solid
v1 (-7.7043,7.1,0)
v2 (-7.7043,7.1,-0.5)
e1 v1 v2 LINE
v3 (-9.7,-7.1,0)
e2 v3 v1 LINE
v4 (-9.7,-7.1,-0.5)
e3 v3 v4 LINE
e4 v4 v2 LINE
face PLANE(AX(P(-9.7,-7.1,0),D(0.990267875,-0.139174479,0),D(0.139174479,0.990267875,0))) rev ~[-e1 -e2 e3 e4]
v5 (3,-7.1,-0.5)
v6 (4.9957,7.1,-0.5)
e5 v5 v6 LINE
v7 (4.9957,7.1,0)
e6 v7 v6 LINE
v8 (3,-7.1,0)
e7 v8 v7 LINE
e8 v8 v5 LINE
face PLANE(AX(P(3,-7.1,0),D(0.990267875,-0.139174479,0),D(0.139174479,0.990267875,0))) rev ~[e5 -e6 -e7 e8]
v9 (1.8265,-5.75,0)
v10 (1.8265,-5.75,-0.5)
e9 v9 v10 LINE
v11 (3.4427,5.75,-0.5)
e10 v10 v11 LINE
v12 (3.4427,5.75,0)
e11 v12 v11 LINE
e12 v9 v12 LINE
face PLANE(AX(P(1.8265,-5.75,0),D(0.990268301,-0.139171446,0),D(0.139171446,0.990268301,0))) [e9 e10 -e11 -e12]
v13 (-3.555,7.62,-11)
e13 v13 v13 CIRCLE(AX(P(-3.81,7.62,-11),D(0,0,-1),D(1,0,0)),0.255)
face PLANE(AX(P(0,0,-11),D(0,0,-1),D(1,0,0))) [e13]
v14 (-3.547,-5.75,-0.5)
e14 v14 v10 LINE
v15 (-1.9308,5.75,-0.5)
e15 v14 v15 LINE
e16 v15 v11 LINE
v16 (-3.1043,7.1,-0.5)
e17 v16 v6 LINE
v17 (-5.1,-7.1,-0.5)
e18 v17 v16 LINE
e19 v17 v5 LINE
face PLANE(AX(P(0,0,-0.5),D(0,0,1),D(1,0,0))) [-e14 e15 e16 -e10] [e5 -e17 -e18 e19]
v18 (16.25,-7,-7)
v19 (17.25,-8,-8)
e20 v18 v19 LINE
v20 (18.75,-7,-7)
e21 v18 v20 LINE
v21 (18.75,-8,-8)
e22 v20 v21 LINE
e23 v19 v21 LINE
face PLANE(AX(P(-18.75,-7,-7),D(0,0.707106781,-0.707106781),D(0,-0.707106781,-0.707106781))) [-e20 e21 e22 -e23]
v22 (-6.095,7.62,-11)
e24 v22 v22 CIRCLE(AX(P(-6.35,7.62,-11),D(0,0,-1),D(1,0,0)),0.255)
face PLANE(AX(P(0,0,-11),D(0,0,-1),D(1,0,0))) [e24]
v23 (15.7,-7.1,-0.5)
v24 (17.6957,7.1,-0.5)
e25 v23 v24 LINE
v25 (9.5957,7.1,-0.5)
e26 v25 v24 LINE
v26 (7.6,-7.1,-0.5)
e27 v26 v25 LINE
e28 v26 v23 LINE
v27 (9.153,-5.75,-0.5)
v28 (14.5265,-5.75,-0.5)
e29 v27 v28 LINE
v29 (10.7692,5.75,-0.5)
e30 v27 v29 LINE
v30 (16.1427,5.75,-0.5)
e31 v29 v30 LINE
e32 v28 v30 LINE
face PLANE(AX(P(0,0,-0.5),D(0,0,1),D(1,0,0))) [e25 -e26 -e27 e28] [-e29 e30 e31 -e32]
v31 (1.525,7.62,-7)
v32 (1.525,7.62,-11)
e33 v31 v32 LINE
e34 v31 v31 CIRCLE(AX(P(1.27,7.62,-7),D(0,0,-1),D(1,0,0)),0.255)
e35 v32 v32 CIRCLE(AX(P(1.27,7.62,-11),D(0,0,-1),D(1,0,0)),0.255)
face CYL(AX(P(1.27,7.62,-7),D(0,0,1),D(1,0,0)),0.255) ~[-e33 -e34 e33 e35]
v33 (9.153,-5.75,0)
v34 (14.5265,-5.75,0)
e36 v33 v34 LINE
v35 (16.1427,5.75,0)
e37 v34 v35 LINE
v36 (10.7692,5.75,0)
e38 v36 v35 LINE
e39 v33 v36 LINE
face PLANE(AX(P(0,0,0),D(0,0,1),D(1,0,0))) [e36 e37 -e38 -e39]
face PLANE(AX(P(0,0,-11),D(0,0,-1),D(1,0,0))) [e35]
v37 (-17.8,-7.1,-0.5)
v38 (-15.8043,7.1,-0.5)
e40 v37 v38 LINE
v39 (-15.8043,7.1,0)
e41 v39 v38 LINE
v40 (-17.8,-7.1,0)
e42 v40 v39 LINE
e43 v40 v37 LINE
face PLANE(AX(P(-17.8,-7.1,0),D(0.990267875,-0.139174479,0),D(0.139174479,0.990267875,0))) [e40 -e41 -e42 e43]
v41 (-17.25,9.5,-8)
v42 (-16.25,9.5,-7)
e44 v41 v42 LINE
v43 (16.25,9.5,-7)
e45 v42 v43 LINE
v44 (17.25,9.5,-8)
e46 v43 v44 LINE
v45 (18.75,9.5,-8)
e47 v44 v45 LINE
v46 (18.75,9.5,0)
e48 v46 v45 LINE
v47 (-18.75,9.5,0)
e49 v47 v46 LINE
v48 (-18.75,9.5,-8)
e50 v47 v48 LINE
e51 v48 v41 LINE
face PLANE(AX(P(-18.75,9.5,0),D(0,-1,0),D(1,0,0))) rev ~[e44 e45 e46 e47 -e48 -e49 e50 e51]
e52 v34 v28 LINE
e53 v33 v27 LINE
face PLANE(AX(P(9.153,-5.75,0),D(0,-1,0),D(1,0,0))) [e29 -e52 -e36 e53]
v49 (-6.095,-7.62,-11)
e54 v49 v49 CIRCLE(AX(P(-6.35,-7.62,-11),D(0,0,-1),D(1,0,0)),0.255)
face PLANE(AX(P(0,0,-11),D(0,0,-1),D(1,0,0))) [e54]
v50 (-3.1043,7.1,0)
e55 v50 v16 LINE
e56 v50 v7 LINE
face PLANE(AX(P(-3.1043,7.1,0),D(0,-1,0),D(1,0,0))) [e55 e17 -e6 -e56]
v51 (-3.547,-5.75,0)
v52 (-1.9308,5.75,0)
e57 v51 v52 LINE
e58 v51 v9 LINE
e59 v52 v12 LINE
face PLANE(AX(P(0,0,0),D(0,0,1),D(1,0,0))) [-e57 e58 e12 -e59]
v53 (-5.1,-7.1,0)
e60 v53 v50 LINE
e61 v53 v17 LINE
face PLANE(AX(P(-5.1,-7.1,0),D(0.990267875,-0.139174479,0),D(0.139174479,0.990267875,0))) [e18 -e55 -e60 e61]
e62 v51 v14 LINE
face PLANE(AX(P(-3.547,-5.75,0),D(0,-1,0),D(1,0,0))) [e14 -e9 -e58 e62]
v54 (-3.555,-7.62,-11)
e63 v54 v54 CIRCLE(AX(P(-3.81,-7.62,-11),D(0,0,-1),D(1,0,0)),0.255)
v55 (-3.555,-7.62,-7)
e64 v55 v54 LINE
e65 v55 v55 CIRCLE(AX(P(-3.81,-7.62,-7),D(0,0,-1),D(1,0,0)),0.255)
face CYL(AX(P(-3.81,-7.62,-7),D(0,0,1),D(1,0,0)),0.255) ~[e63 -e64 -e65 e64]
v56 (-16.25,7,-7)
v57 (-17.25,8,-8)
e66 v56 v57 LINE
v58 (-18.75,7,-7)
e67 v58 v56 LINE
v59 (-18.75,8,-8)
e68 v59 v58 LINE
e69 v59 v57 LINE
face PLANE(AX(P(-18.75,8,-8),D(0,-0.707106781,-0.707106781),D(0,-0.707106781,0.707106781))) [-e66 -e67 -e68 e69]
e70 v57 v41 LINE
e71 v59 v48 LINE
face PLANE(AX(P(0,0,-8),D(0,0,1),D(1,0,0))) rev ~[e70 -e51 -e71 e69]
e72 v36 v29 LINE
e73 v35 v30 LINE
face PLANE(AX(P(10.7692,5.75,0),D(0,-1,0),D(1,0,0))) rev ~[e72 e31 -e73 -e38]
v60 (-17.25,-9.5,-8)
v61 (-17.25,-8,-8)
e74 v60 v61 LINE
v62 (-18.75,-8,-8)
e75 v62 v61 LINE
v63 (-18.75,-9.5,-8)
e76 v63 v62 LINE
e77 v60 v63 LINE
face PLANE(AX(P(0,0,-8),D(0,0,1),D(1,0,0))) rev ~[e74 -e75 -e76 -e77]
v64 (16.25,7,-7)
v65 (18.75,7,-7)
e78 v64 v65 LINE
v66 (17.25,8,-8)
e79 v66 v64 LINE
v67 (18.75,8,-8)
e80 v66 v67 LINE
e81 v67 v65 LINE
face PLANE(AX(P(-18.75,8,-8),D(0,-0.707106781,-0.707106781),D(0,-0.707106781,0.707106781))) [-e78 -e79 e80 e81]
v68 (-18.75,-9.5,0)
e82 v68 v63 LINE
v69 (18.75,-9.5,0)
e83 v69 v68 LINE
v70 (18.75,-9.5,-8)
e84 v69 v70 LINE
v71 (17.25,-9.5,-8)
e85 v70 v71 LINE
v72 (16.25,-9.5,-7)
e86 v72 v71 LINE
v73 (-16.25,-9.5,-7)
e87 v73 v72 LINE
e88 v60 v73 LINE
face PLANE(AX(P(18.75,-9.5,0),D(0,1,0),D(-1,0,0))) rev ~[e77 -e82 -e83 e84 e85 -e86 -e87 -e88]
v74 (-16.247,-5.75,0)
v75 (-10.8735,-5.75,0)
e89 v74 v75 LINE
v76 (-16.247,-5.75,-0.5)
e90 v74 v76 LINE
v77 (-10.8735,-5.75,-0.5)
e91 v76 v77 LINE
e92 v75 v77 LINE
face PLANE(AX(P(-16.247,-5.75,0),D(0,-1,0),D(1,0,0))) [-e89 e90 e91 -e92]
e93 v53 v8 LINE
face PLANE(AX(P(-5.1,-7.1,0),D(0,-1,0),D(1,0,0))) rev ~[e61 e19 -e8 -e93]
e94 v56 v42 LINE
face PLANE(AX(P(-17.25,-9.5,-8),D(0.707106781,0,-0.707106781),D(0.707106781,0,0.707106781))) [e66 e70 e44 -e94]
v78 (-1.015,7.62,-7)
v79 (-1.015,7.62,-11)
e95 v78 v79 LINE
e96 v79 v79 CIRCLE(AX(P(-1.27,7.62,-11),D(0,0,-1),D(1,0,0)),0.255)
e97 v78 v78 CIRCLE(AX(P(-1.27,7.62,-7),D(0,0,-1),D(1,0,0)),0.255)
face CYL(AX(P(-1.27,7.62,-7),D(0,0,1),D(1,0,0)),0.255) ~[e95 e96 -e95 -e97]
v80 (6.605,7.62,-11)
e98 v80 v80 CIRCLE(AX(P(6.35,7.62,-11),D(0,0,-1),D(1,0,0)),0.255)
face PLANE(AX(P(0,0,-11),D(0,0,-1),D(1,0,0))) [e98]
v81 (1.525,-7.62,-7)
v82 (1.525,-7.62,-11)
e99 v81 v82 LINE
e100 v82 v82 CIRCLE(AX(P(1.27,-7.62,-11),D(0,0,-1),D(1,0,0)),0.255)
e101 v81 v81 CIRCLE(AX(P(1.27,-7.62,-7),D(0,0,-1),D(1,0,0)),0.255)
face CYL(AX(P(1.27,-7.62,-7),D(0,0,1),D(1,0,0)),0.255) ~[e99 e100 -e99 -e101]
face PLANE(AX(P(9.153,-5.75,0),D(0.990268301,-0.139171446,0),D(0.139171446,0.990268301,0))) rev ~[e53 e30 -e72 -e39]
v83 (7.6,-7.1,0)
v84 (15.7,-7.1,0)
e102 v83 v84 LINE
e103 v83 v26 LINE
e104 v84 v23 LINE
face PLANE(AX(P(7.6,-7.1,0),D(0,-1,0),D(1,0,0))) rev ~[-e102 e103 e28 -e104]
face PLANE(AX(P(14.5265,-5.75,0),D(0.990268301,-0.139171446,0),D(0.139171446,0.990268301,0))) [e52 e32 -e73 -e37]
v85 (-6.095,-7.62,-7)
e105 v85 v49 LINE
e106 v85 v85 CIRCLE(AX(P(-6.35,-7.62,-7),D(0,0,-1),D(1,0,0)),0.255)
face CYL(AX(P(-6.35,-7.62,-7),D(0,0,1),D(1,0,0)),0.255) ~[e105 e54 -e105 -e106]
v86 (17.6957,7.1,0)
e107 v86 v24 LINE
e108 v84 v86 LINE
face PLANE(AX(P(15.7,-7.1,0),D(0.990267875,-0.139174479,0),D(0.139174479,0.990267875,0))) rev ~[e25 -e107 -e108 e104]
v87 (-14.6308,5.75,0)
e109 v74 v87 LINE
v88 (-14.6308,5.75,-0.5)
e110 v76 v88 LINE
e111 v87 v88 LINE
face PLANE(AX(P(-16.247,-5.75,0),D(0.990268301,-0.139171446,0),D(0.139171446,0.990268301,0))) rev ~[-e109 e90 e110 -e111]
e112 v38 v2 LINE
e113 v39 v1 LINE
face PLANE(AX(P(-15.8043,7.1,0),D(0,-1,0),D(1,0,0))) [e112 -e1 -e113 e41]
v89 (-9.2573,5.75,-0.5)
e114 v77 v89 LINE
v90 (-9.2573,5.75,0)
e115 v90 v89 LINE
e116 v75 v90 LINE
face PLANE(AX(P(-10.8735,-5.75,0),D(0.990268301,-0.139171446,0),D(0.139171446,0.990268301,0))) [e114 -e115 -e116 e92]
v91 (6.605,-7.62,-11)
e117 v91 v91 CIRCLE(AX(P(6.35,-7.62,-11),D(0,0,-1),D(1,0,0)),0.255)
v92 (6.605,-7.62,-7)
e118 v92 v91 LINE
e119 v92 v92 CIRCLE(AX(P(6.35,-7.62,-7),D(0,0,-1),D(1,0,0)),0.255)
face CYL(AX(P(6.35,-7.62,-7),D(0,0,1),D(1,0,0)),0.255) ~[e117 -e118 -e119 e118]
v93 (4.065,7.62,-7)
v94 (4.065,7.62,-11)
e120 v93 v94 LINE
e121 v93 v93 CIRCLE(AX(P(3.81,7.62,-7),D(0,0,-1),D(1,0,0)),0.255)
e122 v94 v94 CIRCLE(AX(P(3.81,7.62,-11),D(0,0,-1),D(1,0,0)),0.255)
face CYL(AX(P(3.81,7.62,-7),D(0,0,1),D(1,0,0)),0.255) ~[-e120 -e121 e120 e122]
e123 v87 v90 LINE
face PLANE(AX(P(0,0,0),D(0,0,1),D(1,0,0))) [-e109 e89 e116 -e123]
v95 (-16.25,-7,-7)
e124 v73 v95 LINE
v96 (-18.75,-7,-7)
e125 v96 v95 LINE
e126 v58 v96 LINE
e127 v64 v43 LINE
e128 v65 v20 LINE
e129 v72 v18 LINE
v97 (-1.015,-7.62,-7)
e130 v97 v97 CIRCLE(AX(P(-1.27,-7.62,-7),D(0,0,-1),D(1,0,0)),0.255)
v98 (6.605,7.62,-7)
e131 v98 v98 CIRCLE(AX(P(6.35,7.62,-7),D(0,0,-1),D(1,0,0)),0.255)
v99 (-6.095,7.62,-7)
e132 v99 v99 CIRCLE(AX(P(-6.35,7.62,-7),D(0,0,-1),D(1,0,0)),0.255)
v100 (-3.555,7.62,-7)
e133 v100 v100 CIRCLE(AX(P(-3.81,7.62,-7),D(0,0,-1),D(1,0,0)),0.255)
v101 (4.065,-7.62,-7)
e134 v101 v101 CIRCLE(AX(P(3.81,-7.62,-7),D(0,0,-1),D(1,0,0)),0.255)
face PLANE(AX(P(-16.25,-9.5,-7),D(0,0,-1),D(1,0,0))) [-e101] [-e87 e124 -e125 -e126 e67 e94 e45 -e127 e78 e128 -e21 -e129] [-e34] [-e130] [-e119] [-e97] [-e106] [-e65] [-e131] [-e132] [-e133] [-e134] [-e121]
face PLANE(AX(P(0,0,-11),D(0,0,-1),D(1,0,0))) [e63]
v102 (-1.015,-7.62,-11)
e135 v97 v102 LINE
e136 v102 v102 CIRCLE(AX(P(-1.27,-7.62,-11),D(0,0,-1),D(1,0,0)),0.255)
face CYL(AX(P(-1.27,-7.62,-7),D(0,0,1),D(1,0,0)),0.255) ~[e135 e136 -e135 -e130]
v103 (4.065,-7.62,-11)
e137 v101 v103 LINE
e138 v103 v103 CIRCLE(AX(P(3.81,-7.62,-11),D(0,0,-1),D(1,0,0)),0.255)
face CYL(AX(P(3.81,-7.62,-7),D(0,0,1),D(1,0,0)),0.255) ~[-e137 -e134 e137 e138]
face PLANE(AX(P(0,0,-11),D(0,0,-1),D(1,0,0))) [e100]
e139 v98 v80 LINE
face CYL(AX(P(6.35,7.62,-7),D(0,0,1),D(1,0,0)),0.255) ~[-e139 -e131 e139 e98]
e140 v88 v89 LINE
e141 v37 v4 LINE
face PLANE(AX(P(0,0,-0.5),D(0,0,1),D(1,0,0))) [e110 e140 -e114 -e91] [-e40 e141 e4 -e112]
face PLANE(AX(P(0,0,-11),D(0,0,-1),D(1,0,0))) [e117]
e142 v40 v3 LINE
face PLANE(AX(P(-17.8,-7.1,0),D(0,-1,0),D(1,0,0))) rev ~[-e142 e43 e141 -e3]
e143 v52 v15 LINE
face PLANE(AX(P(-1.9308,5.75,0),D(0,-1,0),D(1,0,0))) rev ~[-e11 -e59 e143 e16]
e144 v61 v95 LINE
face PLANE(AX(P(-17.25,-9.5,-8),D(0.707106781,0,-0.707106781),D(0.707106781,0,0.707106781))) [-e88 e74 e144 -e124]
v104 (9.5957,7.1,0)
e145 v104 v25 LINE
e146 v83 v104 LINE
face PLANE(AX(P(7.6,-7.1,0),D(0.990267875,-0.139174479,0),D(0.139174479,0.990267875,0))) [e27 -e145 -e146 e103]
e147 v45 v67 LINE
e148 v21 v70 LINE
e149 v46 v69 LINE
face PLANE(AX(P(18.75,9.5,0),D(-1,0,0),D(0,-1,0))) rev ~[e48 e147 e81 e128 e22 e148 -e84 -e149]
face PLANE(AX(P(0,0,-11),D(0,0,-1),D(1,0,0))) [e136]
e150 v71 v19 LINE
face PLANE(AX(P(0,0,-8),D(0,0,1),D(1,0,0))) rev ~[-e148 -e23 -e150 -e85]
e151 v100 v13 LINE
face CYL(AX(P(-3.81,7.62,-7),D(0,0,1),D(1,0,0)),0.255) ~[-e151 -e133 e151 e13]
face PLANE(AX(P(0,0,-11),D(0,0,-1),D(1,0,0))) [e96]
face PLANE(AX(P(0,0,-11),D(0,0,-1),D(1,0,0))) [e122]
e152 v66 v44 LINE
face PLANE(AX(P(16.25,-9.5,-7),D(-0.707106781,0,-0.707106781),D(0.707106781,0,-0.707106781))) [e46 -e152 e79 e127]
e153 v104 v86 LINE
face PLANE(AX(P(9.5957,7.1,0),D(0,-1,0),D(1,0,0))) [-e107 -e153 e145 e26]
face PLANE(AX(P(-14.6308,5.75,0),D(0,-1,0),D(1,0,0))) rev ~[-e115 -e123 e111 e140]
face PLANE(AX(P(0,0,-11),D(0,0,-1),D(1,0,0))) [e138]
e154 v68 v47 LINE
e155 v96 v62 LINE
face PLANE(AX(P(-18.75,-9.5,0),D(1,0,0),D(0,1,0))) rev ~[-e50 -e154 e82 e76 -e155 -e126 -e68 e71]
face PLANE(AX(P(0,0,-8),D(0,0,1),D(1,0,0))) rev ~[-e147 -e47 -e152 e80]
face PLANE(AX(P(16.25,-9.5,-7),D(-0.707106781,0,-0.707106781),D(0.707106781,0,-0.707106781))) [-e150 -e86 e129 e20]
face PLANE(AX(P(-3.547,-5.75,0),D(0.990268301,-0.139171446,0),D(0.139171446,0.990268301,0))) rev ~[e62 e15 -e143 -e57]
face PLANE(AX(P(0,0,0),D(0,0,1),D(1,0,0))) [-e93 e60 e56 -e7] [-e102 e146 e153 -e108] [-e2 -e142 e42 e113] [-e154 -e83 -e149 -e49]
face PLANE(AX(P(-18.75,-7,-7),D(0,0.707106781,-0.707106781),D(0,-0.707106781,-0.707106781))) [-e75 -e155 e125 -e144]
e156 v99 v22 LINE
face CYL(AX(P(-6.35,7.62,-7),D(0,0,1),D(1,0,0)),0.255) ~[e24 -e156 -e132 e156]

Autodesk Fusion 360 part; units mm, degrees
sketch "Sketch1" plane through (0, 0, 0) normal (0, 0, 1) x (1, 0, 0)
  line L0 (18.75, -9.5) -> (-18.75, -9.5)
  line L1 (-18.75, -9.5) -> (-18.75, 9.5)
  line L2 (-18.75, 9.5) -> (18.75, 9.5)
  line L3 (18.75, 9.5) -> (18.75, -9.5)
  line L4 (18.75, -9.5) -> (-18.75, 9.5) construction
  line L5 (-18.75, -9.5) -> (18.75, 9.5) construction
  line L6 (0, 9.5) -> (0, -9.5) construction
  line L7 (12.7, 9.5) -> (12.7, -9.5) construction
  line L8 (-12.7, 9.5) -> (-12.7, -9.5) construction
  line L9 (-5.1, -7.1) -> (3, -7.1)
  line L10 (-3.1043, 7.1) -> (4.9957, 7.1)
  line L11 (-5.1, -7.1) -> (-3.1043, 7.1)
  line L12 (3, -7.1) -> (4.9957, 7.1)
  line L13 (-1.9308, 5.75) -> (3.4427, 5.75)
  line L14 (1.8265, -5.75) -> (3.4427, 5.75)
  line L15 (-3.547, -5.75) -> (1.8265, -5.75)
  line L16 (-3.547, -5.75) -> (-1.9308, 5.75)
  line L17 (-17.8, -7.1) -> (-15.8043, 7.1)
  line L18 (-16.247, -5.75) -> (-14.6308, 5.75)
  line L19 (-17.8, -7.1) -> (-9.7, -7.1)
  line L20 (-16.247, -5.75) -> (-10.8735, -5.75)
  line L21 (-10.8735, -5.75) -> (-9.2573, 5.75)
  line L22 (-9.7, -7.1) -> (-7.7043, 7.1)
  line L23 (-14.6308, 5.75) -> (-9.2573, 5.75)
  line L24 (-15.8043, 7.1) -> (-7.7043, 7.1)
  line L25 (7.6, -7.1) -> (9.5957, 7.1)
  line L26 (9.153, -5.75) -> (10.7692, 5.75)
  line L27 (7.6, -7.1) -> (15.7, -7.1)
  line L28 (9.153, -5.75) -> (14.5265, -5.75)
  line L29 (14.5265, -5.75) -> (16.1427, 5.75)
  line L30 (15.7, -7.1) -> (17.6957, 7.1)
  line L31 (10.7692, 5.75) -> (16.1427, 5.75)
  line L32 (9.5957, 7.1) -> (17.6957, 7.1)
  dimension "d1" = 37.5
  dimension "d2" = 19
  dimension "d3" = 12.7
  dimension "d4" = 12.7
  dimension "d5" = 8.1
  dimension "d6" = 3
  dimension "d7" = 2.4
  dimension "d8" = 8.1
  dimension "d9" = 2.4
  dimension "d10" = 82
  dimension "d11" = -1.35
  dimension "d14" = 12.7
  dimension "d15" = 0
extrude "Extrude1" add sketch "Sketch1" against normal blind 8 contours L0 L1 L2 L3 | L9 L10 L11 L12 | L13 L14 L15 L16 | L17 L19 L22 L24 | L18 L20 L21 L23 | L25 L27 L30 L32 | L26 L28 L29 L31
extrude "Extrude2" cut sketch "Sketch1" against normal blind 0.5 contours L9 L10 L11 L12 | L17 L19 L22 L24 | L25 L27 L30 L32
sketch "Sketch2" plane through (0, -9.5, 0) normal (0, -1, 0) x (1, 0, 0)
  line L0 (18.75, 0) -> (-18.75, 0)
  line L1 (-18.75, 0) -> (-18.75, -8)
  line L2 (-18.75, -8) -> (18.75, -8)
  line L3 (18.75, -8) -> (18.75, 0)
  line L4 (-17.25, -8) -> (-16.25, -7)
  line L5 (-16.25, -7) -> (16.25, -7)
  line L6 (16.25, -7) -> (17.25, -8)
  dimension "d20" = 1
  dimension "d21" = 1.5
  dimension "d22" = 1.5
  dimension "d23" = 45
extrude "Extrude3" cut sketch "Sketch2" against normal up to surface (19 mm away) contours L2 L4 L5 L6
sketch "Sketch3" plane through (-18.75, 0, 0) normal (-1, 0, 0) x (0, -1, 0)
  line L0 (9.5, 0) -> (-9.5, 0)
  line L1 (-9.5, 0) -> (-9.5, -8)
  line L2 (-9.5, -8) -> (9.5, -8)
  line L3 (9.5, -8) -> (9.5, 0)
  line L4 (-8, -8) -> (-7, -7)
  line L5 (-7, -7) -> (7, -7)
  line L6 (7, -7) -> (8, -8)
  dimension "d26" = 45
  dimension "d27" = 1
  dimension "d28" = 1.5
  dimension "d29" = 1.5
extrude "Extrude4" cut sketch "Sketch3" against normal up to surface (37.5 mm away) contours L2 L4 L5 L6
sketch "Sketch4" plane through (0, 0, -7) normal (0, 0, -1) x (1, 0, 0)
  line L0 (16.25, 7) -> (16.25, 9.5)
  line L1 (16.25, 9.5) -> (-16.25, 9.5)
  line L2 (-16.25, 9.5) -> (-16.25, 7)
  line L3 (-16.25, 7) -> (-18.75, 7)
  line L4 (-18.75, 7) -> (-18.75, -7)
  line L5 (-18.75, -7) -> (-16.25, -7)
  line L6 (-16.25, -7) -> (-16.25, -9.5)
  line L7 (-16.25, -9.5) -> (16.25, -9.5)
  line L8 (16.25, -9.5) -> (16.25, -7)
  line L9 (16.25, -7) -> (18.75, -7)
  line L10 (18.75, -7) -> (18.75, 7)
  line L11 (18.75, 7) -> (16.25, 7)
  circle A0 centre (-6.35, 7.62) radius 0.255
  circle A1 centre (-3.81, 7.62) radius 0.255
  circle A2 centre (-1.27, 7.62) radius 0.255
  circle A3 centre (1.27, 7.62) radius 0.255
  circle A4 centre (3.81, 7.62) radius 0.255
  circle A5 centre (6.35, 7.62) radius 0.255
  circle A6 centre (-6.35, -7.62) radius 0.255
  circle A7 centre (-3.81, -7.62) radius 0.255
  circle A8 centre (-1.27, -7.62) radius 0.255
  circle A9 centre (1.27, -7.62) radius 0.255
  circle A10 centre (3.81, -7.62) radius 0.255
  circle A11 centre (6.35, -7.62) radius 0.255
  dimension "d32" = 0.51
  dimension "d33" = 6.35
  dimension "d34" = 7.62
  dimension "d37" = 12.7
  dimension "d38" = -15.24
extrude "Extrude5" add sketch "Sketch4" along normal blind 4 contours A0 | A1 | A2 | A3 | A4 | A5 | A6 | A7 | A8 | A9 | A10 | A11
equation "d4 = d3"
equation "d7 = ( ( 19 - 14.2 ) / 2 ) * 1 mm"
equation "d8 = d5"
equation "d9 = d7"
equation "d22 = d21"
equation "d34 = ( 15.24 / 2 ) * 1 mm"
